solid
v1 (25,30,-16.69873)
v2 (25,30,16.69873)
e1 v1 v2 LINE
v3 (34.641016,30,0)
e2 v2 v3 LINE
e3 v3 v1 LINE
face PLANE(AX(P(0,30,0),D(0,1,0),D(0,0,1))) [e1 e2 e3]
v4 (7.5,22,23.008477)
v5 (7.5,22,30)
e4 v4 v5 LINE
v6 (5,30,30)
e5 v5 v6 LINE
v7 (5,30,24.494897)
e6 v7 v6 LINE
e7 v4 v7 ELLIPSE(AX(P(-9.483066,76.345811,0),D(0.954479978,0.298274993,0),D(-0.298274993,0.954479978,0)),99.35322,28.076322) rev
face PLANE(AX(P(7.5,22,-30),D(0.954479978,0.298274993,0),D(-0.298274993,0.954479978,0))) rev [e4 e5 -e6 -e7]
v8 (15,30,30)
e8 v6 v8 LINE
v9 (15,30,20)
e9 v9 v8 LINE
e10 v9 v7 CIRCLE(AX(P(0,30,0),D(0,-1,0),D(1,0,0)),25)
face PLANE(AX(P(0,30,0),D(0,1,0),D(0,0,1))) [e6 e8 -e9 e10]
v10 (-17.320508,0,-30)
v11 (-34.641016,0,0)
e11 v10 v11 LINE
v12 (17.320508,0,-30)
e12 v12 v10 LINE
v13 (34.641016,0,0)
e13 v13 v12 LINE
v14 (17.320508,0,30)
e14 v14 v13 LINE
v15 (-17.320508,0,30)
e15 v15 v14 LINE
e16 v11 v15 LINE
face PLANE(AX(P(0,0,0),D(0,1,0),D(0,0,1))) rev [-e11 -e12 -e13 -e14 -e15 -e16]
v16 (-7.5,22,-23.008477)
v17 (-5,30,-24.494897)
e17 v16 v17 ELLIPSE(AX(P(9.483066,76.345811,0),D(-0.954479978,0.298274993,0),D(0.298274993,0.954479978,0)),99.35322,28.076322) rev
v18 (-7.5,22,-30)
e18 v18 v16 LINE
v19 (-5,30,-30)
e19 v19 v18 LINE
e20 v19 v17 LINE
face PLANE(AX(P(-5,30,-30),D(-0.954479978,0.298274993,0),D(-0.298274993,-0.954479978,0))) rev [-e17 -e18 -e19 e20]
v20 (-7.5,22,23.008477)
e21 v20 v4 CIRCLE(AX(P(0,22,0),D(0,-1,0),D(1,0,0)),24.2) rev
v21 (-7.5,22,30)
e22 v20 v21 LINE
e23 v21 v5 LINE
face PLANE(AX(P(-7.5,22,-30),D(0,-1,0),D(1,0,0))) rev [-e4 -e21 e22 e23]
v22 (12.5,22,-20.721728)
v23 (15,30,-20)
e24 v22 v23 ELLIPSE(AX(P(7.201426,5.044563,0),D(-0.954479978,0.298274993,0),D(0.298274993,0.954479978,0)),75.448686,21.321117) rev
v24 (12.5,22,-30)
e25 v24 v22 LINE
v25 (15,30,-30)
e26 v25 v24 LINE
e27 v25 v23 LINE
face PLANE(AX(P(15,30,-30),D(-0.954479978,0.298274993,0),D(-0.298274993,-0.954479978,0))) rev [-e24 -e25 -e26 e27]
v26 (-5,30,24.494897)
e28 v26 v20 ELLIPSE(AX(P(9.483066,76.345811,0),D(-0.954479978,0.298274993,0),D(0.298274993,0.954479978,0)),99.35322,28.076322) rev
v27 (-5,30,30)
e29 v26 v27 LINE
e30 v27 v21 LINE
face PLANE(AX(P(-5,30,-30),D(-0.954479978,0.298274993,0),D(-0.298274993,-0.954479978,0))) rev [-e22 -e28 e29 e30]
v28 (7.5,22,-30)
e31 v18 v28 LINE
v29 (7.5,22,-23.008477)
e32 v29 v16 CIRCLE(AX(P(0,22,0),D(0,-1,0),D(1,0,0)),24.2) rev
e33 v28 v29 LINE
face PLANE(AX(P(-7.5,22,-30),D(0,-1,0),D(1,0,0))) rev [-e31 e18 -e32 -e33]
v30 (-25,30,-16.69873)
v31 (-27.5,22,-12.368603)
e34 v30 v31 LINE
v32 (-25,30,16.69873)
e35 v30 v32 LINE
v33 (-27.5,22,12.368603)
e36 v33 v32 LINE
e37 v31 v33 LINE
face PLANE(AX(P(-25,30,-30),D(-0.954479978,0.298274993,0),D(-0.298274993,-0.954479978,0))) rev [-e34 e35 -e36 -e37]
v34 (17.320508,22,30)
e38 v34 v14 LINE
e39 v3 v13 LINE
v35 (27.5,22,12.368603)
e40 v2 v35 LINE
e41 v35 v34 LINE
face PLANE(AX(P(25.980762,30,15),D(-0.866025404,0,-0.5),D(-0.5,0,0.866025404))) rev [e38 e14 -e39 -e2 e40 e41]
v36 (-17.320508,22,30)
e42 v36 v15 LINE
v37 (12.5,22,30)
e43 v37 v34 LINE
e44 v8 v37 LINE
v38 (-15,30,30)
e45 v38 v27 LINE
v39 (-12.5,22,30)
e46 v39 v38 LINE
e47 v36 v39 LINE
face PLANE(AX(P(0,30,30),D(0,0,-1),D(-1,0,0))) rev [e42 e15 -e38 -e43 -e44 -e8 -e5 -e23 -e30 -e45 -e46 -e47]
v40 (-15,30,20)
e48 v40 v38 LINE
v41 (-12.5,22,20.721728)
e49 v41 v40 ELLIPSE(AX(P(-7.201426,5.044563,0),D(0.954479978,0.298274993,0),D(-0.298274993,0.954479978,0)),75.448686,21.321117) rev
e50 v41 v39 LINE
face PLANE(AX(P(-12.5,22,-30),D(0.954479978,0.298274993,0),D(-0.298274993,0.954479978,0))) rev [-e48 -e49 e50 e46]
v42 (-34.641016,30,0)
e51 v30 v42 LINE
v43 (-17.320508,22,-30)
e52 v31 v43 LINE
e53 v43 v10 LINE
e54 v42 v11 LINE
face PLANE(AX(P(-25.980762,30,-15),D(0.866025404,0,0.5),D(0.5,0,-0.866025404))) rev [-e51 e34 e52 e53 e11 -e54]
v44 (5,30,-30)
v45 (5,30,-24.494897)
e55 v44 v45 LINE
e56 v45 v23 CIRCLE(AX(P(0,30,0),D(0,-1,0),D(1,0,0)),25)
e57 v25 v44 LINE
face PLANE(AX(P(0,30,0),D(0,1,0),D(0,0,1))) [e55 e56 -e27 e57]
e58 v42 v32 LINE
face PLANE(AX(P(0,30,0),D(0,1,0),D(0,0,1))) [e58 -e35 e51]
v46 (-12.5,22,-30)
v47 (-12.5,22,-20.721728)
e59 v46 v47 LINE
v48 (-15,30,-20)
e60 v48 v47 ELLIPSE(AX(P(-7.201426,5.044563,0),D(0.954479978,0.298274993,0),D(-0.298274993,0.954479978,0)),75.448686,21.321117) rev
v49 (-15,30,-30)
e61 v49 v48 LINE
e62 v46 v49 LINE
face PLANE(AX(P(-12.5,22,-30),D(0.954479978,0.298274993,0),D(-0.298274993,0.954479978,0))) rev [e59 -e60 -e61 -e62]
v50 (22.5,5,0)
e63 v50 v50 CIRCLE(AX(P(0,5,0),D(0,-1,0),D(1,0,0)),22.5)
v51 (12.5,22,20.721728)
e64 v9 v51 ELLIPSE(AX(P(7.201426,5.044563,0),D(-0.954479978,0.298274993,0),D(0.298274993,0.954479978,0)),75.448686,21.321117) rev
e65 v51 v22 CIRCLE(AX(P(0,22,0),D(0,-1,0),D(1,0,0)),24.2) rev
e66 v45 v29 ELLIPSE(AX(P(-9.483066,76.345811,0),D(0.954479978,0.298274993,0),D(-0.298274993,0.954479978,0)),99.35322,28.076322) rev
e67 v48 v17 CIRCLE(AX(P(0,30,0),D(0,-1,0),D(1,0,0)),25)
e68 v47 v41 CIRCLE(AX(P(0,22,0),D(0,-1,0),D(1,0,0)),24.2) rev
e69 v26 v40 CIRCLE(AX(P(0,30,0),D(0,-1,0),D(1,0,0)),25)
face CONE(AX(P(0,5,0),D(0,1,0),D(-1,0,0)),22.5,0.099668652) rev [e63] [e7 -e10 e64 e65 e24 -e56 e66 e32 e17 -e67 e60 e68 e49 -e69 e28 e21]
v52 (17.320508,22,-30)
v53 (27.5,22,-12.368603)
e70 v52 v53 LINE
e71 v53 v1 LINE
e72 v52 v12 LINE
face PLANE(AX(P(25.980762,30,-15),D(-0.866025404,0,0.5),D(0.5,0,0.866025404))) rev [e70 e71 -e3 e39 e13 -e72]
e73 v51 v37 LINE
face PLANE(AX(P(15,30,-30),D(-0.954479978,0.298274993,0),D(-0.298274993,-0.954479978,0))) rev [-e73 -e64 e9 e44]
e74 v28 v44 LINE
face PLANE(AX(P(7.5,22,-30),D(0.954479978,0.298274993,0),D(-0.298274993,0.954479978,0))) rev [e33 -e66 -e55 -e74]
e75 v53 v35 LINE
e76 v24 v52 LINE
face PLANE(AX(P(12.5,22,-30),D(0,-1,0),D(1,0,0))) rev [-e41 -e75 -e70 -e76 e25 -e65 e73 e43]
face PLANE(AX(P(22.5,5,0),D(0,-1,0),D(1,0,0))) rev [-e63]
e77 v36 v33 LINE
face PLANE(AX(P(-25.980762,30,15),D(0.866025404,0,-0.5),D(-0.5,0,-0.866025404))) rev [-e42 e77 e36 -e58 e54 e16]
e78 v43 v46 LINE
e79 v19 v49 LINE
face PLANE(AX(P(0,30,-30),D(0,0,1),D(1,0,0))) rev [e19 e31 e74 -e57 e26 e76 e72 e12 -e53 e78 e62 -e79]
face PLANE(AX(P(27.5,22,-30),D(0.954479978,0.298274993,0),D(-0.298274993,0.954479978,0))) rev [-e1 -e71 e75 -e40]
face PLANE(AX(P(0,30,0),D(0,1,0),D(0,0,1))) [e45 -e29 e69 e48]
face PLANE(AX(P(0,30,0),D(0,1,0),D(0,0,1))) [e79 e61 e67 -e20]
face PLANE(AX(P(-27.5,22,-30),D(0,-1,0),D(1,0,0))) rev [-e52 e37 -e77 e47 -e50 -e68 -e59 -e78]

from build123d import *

# Parameters (mm, degrees)
EXTRUDE_1_DEPTH               = 30
CUT_EXTRUDE_1_DEPTH           = 55.772255751
PATTERN_LINEAR_1_COUNT        = 2
PATTERN_LINEAR_1_PITCH        = 20
PATTERN_LINEAR_2_COPY_1_DEPTH = 55.772255751
PATTERN_LINEAR_2_COPY_2_DEPTH = 55.772255751


with BuildPart() as part:
    # 草圖1 → 填料-伸長1 (new body)
    with BuildSketch(Plane(origin=(0, 0, 0), x_dir=(1, 0, 0), z_dir=(0, 1, 0))):
        Polygon((17.320508076, -30), (34.641016151, 0), (17.320508076, 30), (-17.320508076, 30), (-34.641016151, 0), (-17.320508076, -30), align=None)
    extrude(amount=EXTRUDE_1_DEPTH)

    # 草圖2 → 除料-旋轉1 (revolve, cut)
    with BuildSketch(Plane.XY):
        Polygon((0, 30), (25, 30), (22.5, 5), (0, 5), align=None)
    revolve(axis=Axis((0, 5, 0), (0, 1, 0)), mode=Mode.SUBTRACT)

    # 草圖3 → 除料-伸長1 (cut, symmetric)
    with BuildSketch(Plane.XY):
        Polygon((-5, 30), (-7.5, 22), (7.5, 22), (5, 30), align=None)
    cut_extrude_1 = extrude(amount=CUT_EXTRUDE_1_DEPTH, both=True, mode=Mode.SUBTRACT)

    # 直線複製排列1: 除料-伸長1 ×2
    with Locations(*[(-i * PATTERN_LINEAR_1_PITCH, 0, 0) for i in range(1, PATTERN_LINEAR_1_COUNT)]):
        add(cut_extrude_1, mode=Mode.SUBTRACT)

    # 直線複製排列2 copy 1 sketch → 直線複製排列2 copy 1 (cut, symmetric)
    with BuildSketch(Plane.XY):
        Polygon((-5, 30), (-7.5, 22), (7.5, 22), (5, 30), align=None)
    extrude(amount=PATTERN_LINEAR_2_COPY_1_DEPTH, both=True, mode=Mode.SUBTRACT)

    # 直線複製排列2 copy 2 sketch → 直線複製排列2 copy 2 (cut, symmetric)
    with BuildSketch(Plane(origin=(20, 0, 0), x_dir=(1, 0, 0), z_dir=(0, 0, 1))):
        Polygon((-5, 30), (-7.5, 22), (7.5, 22), (5, 30), align=None)
    extrude(amount=PATTERN_LINEAR_2_COPY_2_DEPTH, both=True, mode=Mode.SUBTRACT)


solid = part.part
